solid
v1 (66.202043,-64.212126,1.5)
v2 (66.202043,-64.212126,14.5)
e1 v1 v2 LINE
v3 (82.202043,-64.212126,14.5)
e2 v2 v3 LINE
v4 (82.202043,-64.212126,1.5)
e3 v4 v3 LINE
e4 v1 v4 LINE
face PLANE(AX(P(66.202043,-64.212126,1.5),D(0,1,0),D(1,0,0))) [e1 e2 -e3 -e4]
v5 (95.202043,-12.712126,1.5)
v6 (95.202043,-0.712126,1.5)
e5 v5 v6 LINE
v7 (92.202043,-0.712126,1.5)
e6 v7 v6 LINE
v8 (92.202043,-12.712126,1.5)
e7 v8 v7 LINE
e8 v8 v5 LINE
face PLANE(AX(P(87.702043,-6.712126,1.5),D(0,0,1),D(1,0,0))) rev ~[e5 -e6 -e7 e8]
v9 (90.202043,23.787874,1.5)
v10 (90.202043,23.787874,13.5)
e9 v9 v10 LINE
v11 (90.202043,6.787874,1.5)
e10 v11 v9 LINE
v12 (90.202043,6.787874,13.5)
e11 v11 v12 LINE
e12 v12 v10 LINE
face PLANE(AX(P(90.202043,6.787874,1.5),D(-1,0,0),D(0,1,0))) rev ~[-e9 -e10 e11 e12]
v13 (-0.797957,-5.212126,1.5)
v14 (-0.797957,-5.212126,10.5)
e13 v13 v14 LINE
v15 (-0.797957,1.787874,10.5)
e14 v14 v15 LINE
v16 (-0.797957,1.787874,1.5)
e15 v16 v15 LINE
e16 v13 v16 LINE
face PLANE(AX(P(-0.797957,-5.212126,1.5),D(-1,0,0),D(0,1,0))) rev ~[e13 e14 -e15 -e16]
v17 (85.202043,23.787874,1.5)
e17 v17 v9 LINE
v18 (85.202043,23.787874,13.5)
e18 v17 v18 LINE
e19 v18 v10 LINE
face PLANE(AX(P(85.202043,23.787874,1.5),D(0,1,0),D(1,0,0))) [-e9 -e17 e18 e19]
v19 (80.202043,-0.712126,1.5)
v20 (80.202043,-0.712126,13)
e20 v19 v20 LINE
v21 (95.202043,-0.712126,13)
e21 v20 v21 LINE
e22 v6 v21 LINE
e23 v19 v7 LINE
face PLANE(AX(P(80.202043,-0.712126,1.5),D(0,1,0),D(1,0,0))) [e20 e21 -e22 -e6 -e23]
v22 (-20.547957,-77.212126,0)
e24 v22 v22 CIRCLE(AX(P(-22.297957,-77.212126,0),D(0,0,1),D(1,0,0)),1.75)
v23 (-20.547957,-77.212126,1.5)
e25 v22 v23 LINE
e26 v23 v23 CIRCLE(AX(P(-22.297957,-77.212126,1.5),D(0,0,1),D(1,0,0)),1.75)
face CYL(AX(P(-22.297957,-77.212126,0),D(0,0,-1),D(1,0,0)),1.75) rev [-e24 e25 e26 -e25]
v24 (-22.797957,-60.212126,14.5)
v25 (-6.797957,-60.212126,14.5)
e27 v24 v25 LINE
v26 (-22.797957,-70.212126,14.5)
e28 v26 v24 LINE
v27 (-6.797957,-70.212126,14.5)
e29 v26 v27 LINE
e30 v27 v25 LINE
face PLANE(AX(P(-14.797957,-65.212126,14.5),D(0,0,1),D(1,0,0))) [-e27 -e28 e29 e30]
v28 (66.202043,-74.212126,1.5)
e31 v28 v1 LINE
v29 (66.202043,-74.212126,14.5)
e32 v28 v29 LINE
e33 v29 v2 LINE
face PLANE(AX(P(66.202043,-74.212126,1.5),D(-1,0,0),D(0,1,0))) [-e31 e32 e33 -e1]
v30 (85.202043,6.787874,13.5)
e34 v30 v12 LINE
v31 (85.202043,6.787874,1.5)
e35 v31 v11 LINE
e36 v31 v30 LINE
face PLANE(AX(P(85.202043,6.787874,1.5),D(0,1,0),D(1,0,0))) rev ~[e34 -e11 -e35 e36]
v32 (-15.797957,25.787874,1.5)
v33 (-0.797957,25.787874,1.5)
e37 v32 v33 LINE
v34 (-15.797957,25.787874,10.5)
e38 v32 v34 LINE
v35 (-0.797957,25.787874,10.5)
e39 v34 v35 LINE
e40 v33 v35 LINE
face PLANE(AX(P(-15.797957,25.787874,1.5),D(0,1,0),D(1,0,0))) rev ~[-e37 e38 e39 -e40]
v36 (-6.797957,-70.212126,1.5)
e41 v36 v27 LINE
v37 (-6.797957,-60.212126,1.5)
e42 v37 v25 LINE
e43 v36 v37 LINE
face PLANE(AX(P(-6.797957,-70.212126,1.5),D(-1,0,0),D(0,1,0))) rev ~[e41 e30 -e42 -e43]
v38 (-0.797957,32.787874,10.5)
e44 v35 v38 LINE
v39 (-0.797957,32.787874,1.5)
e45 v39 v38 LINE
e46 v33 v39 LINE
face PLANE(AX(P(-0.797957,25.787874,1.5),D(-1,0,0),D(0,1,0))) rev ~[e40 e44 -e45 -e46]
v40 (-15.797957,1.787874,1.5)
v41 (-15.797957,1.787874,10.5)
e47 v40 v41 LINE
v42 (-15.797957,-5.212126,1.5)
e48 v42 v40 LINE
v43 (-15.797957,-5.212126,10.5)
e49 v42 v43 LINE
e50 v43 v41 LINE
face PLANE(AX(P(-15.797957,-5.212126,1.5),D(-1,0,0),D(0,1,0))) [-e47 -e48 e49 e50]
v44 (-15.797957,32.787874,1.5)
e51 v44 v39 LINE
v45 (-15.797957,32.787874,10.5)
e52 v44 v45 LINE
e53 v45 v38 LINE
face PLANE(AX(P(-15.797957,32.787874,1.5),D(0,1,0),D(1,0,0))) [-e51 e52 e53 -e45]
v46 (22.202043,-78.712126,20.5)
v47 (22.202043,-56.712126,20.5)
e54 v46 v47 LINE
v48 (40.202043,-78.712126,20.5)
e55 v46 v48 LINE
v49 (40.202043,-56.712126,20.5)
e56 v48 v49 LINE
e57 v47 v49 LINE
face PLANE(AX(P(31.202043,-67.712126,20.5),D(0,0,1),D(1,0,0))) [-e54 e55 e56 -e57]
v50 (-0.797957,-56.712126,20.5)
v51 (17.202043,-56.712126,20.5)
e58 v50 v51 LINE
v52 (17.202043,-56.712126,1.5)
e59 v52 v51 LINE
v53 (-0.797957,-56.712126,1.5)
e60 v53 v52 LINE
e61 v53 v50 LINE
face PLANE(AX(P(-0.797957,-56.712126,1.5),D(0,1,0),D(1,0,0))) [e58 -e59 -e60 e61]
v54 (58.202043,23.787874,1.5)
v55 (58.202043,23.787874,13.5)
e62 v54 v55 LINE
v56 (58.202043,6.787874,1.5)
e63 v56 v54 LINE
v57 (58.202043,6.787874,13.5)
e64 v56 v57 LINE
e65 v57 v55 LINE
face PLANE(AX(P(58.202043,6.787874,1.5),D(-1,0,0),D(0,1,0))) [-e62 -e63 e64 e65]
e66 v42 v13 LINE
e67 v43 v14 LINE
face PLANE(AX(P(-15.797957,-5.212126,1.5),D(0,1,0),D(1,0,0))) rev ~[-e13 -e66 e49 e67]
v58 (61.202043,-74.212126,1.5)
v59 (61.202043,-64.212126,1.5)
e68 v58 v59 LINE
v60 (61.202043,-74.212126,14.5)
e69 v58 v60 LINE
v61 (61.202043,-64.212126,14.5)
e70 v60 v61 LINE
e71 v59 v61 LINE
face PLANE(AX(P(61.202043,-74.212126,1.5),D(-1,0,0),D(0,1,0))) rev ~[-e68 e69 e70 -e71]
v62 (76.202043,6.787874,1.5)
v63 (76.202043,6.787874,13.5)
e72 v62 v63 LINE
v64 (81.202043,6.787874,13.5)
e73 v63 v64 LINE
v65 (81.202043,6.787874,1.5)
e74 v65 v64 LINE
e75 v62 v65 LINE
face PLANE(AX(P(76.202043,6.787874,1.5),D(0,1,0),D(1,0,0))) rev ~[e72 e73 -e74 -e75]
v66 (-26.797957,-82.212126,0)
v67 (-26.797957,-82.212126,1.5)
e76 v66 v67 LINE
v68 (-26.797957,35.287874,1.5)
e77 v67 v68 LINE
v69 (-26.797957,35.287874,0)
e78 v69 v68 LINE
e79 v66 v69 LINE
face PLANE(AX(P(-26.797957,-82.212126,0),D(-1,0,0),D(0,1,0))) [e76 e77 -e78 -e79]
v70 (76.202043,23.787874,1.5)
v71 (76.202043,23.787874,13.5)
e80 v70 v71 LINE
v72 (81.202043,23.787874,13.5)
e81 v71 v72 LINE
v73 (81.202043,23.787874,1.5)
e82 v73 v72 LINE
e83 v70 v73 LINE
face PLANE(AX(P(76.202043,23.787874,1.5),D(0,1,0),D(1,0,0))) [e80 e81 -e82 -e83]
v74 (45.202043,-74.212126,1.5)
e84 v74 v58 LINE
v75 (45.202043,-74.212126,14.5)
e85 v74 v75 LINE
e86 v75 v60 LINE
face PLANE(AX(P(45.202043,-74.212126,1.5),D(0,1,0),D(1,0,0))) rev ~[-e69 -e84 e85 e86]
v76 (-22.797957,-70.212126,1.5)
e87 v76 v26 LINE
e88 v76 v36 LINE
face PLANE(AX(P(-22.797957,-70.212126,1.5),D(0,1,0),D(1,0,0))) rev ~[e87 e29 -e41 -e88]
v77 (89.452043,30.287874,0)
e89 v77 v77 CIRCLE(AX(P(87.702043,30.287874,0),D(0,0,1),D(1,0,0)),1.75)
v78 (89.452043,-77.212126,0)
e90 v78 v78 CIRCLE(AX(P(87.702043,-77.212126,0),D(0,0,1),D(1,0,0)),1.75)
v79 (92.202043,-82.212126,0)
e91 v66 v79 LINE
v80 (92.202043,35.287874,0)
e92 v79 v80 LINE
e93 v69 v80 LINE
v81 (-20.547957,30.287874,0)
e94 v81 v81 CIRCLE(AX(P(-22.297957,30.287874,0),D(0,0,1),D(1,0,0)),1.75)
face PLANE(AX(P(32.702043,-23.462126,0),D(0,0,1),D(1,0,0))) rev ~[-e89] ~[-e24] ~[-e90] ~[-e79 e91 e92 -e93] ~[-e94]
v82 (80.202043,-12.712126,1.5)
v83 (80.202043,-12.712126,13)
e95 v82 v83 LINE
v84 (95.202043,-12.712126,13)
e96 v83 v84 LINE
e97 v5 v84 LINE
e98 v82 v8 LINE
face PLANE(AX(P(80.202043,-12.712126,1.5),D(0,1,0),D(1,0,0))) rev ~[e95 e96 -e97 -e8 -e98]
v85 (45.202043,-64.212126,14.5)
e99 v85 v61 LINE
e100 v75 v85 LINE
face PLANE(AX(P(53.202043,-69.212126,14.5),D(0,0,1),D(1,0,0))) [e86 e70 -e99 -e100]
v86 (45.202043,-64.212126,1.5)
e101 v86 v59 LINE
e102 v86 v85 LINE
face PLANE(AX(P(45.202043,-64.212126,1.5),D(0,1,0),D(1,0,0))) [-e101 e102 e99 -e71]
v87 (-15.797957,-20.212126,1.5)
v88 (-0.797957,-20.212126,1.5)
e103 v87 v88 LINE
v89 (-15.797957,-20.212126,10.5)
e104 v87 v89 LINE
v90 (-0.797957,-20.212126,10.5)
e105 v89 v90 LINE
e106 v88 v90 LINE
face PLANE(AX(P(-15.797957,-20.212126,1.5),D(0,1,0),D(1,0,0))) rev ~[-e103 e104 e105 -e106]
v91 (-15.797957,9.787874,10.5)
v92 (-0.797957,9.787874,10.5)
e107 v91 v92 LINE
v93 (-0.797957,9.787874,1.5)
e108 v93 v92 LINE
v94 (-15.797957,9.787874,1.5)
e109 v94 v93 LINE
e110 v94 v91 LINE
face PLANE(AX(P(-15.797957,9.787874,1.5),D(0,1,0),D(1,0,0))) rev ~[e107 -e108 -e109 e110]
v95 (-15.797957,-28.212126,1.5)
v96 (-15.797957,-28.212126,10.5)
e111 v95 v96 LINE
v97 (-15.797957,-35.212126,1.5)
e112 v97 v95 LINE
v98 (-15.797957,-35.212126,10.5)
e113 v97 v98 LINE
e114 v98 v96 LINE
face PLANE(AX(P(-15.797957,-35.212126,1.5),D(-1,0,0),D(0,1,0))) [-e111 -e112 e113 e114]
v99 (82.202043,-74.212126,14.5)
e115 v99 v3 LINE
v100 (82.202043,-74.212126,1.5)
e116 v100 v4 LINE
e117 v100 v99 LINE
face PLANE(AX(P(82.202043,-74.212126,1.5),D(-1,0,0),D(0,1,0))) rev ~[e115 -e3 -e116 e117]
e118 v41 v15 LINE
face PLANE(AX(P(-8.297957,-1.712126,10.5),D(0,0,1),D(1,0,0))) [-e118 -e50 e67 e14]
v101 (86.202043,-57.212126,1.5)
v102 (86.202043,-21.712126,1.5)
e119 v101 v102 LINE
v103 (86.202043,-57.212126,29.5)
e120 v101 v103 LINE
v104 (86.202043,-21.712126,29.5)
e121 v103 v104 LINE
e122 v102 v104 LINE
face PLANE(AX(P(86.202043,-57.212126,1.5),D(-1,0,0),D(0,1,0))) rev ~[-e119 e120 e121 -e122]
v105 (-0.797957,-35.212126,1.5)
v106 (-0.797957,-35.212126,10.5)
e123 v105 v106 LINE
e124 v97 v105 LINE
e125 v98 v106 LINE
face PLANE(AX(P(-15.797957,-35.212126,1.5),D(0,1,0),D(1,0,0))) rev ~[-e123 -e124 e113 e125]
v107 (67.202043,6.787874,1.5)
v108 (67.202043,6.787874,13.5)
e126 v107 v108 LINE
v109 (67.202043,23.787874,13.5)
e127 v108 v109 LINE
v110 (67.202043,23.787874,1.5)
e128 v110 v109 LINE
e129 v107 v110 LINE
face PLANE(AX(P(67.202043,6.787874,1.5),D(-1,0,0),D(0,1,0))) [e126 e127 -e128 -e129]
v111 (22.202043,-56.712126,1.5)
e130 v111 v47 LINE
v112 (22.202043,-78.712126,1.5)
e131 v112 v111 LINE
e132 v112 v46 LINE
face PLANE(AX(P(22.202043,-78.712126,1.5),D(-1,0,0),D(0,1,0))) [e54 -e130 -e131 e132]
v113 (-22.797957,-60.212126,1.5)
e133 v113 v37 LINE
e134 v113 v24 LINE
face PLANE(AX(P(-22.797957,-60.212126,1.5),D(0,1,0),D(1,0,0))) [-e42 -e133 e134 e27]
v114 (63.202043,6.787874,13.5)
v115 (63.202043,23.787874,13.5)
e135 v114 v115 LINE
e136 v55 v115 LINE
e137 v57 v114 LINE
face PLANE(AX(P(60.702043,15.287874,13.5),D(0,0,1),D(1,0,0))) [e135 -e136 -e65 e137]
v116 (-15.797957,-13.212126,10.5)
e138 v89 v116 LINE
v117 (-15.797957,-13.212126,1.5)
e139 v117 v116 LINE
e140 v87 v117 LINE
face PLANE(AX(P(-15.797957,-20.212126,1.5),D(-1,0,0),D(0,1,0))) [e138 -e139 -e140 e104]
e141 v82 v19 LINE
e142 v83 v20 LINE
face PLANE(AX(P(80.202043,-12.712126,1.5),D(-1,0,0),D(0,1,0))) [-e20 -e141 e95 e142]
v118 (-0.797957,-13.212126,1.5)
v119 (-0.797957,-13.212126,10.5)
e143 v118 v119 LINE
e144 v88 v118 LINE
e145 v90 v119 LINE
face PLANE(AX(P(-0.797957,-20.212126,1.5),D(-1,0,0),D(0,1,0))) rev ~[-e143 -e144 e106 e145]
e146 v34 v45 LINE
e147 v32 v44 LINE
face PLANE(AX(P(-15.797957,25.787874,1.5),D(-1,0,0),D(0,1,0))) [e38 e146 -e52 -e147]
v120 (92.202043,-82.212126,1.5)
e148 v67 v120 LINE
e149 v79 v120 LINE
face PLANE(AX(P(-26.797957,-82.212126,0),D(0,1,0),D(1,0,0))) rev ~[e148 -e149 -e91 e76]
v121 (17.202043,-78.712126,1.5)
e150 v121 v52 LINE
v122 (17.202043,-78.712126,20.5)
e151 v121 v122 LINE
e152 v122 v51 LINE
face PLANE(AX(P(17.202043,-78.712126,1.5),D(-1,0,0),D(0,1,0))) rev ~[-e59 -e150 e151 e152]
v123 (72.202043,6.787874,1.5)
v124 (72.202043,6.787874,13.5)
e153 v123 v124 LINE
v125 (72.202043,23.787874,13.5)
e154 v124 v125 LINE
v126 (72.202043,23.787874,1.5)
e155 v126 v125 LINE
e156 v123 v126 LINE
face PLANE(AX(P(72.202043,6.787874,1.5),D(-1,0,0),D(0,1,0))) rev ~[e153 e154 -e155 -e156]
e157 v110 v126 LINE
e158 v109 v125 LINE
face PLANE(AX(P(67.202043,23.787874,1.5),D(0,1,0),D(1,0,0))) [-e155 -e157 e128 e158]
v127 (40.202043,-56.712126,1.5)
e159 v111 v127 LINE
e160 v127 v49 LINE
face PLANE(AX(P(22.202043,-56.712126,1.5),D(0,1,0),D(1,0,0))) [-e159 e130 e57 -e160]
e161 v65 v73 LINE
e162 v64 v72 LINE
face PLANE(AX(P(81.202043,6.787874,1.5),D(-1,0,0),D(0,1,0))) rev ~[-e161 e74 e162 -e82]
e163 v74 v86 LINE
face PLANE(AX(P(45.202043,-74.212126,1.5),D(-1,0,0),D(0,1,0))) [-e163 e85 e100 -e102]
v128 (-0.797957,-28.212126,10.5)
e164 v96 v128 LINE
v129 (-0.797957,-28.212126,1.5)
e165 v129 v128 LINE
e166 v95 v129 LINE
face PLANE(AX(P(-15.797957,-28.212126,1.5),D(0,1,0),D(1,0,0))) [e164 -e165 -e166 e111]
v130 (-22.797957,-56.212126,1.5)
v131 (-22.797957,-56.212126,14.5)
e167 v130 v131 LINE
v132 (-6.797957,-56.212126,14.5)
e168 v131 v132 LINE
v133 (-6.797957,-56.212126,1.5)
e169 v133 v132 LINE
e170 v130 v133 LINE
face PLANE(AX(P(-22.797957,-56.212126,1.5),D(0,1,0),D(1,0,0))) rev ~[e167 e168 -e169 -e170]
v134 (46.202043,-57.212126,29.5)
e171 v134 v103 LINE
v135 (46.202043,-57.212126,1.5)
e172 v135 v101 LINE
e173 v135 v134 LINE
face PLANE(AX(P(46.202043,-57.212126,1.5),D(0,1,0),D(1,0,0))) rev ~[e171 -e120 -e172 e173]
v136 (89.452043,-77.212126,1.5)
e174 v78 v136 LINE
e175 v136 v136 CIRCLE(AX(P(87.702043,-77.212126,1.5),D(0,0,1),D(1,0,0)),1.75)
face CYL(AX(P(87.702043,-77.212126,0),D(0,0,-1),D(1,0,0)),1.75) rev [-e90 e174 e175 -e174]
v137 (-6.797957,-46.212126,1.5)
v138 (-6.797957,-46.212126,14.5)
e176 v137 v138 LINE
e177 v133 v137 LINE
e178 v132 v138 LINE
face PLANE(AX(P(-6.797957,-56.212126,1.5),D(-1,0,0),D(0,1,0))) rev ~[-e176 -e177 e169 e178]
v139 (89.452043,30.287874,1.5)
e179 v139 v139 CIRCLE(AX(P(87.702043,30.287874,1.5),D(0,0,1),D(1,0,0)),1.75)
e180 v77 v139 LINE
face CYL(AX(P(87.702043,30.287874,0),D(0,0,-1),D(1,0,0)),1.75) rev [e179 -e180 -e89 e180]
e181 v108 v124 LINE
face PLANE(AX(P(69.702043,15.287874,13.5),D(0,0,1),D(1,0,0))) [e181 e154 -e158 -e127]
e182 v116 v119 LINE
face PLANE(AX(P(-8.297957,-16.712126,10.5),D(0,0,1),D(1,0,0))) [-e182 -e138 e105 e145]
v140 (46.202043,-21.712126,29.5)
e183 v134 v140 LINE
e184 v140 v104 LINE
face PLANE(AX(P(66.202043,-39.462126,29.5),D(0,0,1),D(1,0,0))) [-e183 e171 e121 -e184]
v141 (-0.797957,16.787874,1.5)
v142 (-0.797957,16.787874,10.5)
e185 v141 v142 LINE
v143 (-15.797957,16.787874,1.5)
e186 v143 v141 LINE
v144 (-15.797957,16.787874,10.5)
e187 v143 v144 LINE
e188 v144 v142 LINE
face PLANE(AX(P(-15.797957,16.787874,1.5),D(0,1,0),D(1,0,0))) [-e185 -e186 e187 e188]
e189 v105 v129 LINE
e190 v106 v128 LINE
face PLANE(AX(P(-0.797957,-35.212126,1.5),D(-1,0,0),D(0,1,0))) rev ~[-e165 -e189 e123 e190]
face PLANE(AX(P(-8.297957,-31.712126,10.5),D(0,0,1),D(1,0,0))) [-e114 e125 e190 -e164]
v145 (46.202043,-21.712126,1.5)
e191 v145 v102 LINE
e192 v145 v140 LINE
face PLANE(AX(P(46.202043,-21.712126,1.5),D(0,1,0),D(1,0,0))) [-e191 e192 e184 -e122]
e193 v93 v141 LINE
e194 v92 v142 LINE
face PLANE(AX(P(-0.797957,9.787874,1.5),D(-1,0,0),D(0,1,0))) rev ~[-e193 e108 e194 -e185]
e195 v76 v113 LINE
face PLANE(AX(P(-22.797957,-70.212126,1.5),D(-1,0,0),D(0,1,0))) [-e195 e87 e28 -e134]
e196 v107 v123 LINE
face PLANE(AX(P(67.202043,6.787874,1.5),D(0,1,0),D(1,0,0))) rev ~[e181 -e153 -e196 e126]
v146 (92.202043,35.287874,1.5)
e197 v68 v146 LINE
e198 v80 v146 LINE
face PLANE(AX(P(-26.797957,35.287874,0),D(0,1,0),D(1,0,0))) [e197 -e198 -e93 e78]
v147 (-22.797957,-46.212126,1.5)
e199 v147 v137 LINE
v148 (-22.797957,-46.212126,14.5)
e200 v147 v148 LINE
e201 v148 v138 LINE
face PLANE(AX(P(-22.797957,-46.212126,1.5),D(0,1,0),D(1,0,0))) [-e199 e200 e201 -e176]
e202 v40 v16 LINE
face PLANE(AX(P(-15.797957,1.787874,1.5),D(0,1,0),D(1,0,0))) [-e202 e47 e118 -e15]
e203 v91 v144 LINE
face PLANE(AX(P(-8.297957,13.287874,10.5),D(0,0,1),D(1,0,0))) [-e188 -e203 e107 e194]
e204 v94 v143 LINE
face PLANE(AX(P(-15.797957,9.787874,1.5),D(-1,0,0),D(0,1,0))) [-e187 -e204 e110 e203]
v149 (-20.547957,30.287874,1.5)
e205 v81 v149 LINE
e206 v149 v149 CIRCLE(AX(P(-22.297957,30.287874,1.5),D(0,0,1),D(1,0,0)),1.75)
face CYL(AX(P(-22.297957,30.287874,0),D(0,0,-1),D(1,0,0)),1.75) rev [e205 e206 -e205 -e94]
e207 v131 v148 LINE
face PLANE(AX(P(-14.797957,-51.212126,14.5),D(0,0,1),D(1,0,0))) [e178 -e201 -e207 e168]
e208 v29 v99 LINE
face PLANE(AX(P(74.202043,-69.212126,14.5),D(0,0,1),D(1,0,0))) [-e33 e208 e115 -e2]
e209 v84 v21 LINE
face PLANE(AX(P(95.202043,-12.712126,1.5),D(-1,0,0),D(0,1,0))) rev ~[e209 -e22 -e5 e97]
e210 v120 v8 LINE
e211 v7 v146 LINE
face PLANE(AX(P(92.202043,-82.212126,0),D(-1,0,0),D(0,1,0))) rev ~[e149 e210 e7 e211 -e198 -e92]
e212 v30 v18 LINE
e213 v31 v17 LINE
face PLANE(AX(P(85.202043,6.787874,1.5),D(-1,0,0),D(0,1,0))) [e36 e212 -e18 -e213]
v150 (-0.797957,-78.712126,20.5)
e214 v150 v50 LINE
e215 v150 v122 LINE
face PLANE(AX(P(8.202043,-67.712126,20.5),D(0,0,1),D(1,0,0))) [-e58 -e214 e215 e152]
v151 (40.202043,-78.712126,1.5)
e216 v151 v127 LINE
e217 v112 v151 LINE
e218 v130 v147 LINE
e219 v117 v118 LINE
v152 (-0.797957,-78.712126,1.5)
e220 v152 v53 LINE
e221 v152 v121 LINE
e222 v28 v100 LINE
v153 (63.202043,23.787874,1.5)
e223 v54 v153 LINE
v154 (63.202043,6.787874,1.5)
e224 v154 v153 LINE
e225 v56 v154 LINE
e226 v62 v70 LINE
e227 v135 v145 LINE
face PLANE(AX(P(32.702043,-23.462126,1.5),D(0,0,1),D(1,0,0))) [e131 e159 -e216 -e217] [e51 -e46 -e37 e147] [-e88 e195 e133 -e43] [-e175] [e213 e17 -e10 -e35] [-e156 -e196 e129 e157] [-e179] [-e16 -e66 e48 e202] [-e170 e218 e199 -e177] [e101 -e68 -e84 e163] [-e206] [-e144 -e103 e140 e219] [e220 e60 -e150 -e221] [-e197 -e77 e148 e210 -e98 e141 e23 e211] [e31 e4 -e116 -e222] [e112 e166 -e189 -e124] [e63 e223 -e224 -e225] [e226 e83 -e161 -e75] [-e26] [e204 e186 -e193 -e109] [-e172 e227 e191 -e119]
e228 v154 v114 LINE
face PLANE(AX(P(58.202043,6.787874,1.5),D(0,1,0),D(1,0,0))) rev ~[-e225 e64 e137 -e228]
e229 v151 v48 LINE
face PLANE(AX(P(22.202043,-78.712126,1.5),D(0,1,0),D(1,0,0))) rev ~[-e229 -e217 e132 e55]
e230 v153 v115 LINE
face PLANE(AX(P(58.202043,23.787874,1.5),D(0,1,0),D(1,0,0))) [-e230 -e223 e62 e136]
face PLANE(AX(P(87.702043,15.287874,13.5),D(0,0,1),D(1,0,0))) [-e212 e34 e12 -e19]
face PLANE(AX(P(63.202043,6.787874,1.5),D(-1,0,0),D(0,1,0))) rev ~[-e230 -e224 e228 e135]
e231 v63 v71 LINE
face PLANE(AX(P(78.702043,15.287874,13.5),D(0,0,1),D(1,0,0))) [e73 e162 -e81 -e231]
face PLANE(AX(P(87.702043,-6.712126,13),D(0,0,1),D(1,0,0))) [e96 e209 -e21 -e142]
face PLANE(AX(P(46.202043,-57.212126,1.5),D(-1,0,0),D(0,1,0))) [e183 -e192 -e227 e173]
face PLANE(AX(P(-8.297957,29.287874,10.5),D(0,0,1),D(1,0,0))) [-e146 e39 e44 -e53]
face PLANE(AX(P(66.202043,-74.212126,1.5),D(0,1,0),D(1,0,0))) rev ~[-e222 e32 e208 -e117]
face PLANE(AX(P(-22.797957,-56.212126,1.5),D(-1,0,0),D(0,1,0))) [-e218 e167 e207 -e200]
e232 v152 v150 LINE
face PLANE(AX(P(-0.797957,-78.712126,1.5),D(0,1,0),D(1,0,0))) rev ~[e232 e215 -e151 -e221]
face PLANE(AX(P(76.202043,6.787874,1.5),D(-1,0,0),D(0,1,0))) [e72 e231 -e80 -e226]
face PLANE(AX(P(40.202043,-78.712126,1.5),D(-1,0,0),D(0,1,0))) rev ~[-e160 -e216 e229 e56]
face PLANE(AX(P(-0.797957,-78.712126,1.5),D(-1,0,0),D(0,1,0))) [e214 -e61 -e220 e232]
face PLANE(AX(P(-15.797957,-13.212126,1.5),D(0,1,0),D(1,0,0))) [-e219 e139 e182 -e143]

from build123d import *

# Parameters (mm, degrees)
SKETCH_1_W      = 119
SKETCH_1_H      = 117.5
SKETCH_1_R      = 1.75
EXTRUDE_1_DEPTH = 1.5
SKETCH_2_W      = 15
SKETCH_2_H      = 12
EXTRUDE_2_DEPTH = 11.5
SKETCH_4_W      = 40
SKETCH_4_H      = 35.5
EXTRUDE_3_DEPTH = 28
SKETCH_5_W      = 5
SKETCH_5_H      = 17
EXTRUDE_4_DEPTH = 12
SKETCH_6_W      = 16
SKETCH_6_H      = 10
EXTRUDE_5_DEPTH = 13
SKETCH_7_W      = 18
SKETCH_7_H      = 22
EXTRUDE_6_DEPTH = 19
SKETCH_8_W      = 15
SKETCH_8_H      = 7
EXTRUDE_7_DEPTH = 9
SKETCH_9_W      = 16
SKETCH_9_H      = 10
EXTRUDE_9_DEPTH = 13


with BuildPart() as part:
    # Эскиз1 → Бобышка-Вытянуть1 (new body)
    with BuildSketch(Plane.XY):
        with Locations((32.702043262, -23.462126246)):
            Rectangle(SKETCH_1_W, SKETCH_1_H)
        with Locations((-22.297956738, 30.287873754)):
            Circle(SKETCH_1_R, mode=Mode.SUBTRACT)
        with Locations((87.702043262, 30.287873754)):
            Circle(SKETCH_1_R, mode=Mode.SUBTRACT)
        with Locations((87.702043262, -77.212126246)):
            Circle(SKETCH_1_R, mode=Mode.SUBTRACT)
        with Locations((-22.297956738, -77.212126246)):
            Circle(SKETCH_1_R, mode=Mode.SUBTRACT)
    extrude(amount=EXTRUDE_1_DEPTH)

    # Эскиз2 → Бобышка-Вытянуть2 (add)
    with BuildSketch(Plane.XY.offset(1.5)):
        with Locations((87.702043262, -6.712126246)):
            Rectangle(SKETCH_2_W, SKETCH_2_H)
    extrude(amount=EXTRUDE_2_DEPTH)

    # Эскиз4 → Бобышка-Вытянуть3 (add)
    with BuildSketch(Plane.XY.offset(1.5)):
        with Locations((66.202043262, -39.462126246)):
            Rectangle(SKETCH_4_W, SKETCH_4_H)
    extrude(amount=EXTRUDE_3_DEPTH)

    # Эскиз5 → Бобышка-Вытянуть4 (add)
    with BuildSketch(Plane.XY.offset(1.5)):
        with Locations((87.702043262, 15.287873754)):
            Rectangle(SKETCH_5_W, SKETCH_5_H)
        with Locations((78.702043262, 15.287873754)):
            Rectangle(SKETCH_5_W, SKETCH_5_H)
        with Locations((69.702043262, 15.287873754)):
            Rectangle(SKETCH_5_W, SKETCH_5_H)
        with Locations((60.702043262, 15.287873754)):
            Rectangle(SKETCH_5_W, SKETCH_5_H)
    extrude(amount=EXTRUDE_4_DEPTH)

    # Эскиз6 → Бобышка-Вытянуть5 (add)
    with BuildSketch(Plane.XY.offset(1.5)):
        with Locations((53.202043262, -69.212126246)):
            Rectangle(SKETCH_6_W, SKETCH_6_H)
        with Locations((74.202043262, -69.212126246)):
            Rectangle(SKETCH_6_W, SKETCH_6_H)
    extrude(amount=EXTRUDE_5_DEPTH)

    # Эскиз7 → Бобышка-Вытянуть6 (add)
    with BuildSketch(Plane.XY.offset(1.5)):
        with Locations((31.202043262, -67.712126246)):
            Rectangle(SKETCH_7_W, SKETCH_7_H)
        with Locations((8.202043262, -67.712126246)):
            Rectangle(SKETCH_7_W, SKETCH_7_H)
    extrude(amount=EXTRUDE_6_DEPTH)

    # Эскиз8 → Бобышка-Вытянуть7 (add)
    with BuildSketch(Plane.XY.offset(1.5)):
        with Locations((-8.297956738, 13.287873754)):
            Rectangle(SKETCH_8_W, SKETCH_8_H)
        with Locations((-8.297956738, -1.712126246)):
            Rectangle(SKETCH_8_W, SKETCH_8_H)
        with Locations((-8.297956738, -16.712126246)):
            Rectangle(SKETCH_8_W, SKETCH_8_H)
        with Locations((-8.297956738, -31.712126246)):
            Rectangle(SKETCH_8_W, SKETCH_8_H)
        with Locations((-8.297956738, 29.287873754)):
            Rectangle(SKETCH_8_W, SKETCH_8_H)
    extrude(amount=EXTRUDE_7_DEPTH)

    # Эскиз9 → Бобышка-Вытянуть9 (add)
    with BuildSketch(Plane.XY.offset(1.5)):
        with Locations((-14.797956738, -51.212126246)):
            Rectangle(SKETCH_9_W, SKETCH_9_H)
        with Locations((-14.797956738, -65.212126246)):
            Rectangle(SKETCH_9_W, SKETCH_9_H)
    extrude(amount=EXTRUDE_9_DEPTH)


solid = part.part
